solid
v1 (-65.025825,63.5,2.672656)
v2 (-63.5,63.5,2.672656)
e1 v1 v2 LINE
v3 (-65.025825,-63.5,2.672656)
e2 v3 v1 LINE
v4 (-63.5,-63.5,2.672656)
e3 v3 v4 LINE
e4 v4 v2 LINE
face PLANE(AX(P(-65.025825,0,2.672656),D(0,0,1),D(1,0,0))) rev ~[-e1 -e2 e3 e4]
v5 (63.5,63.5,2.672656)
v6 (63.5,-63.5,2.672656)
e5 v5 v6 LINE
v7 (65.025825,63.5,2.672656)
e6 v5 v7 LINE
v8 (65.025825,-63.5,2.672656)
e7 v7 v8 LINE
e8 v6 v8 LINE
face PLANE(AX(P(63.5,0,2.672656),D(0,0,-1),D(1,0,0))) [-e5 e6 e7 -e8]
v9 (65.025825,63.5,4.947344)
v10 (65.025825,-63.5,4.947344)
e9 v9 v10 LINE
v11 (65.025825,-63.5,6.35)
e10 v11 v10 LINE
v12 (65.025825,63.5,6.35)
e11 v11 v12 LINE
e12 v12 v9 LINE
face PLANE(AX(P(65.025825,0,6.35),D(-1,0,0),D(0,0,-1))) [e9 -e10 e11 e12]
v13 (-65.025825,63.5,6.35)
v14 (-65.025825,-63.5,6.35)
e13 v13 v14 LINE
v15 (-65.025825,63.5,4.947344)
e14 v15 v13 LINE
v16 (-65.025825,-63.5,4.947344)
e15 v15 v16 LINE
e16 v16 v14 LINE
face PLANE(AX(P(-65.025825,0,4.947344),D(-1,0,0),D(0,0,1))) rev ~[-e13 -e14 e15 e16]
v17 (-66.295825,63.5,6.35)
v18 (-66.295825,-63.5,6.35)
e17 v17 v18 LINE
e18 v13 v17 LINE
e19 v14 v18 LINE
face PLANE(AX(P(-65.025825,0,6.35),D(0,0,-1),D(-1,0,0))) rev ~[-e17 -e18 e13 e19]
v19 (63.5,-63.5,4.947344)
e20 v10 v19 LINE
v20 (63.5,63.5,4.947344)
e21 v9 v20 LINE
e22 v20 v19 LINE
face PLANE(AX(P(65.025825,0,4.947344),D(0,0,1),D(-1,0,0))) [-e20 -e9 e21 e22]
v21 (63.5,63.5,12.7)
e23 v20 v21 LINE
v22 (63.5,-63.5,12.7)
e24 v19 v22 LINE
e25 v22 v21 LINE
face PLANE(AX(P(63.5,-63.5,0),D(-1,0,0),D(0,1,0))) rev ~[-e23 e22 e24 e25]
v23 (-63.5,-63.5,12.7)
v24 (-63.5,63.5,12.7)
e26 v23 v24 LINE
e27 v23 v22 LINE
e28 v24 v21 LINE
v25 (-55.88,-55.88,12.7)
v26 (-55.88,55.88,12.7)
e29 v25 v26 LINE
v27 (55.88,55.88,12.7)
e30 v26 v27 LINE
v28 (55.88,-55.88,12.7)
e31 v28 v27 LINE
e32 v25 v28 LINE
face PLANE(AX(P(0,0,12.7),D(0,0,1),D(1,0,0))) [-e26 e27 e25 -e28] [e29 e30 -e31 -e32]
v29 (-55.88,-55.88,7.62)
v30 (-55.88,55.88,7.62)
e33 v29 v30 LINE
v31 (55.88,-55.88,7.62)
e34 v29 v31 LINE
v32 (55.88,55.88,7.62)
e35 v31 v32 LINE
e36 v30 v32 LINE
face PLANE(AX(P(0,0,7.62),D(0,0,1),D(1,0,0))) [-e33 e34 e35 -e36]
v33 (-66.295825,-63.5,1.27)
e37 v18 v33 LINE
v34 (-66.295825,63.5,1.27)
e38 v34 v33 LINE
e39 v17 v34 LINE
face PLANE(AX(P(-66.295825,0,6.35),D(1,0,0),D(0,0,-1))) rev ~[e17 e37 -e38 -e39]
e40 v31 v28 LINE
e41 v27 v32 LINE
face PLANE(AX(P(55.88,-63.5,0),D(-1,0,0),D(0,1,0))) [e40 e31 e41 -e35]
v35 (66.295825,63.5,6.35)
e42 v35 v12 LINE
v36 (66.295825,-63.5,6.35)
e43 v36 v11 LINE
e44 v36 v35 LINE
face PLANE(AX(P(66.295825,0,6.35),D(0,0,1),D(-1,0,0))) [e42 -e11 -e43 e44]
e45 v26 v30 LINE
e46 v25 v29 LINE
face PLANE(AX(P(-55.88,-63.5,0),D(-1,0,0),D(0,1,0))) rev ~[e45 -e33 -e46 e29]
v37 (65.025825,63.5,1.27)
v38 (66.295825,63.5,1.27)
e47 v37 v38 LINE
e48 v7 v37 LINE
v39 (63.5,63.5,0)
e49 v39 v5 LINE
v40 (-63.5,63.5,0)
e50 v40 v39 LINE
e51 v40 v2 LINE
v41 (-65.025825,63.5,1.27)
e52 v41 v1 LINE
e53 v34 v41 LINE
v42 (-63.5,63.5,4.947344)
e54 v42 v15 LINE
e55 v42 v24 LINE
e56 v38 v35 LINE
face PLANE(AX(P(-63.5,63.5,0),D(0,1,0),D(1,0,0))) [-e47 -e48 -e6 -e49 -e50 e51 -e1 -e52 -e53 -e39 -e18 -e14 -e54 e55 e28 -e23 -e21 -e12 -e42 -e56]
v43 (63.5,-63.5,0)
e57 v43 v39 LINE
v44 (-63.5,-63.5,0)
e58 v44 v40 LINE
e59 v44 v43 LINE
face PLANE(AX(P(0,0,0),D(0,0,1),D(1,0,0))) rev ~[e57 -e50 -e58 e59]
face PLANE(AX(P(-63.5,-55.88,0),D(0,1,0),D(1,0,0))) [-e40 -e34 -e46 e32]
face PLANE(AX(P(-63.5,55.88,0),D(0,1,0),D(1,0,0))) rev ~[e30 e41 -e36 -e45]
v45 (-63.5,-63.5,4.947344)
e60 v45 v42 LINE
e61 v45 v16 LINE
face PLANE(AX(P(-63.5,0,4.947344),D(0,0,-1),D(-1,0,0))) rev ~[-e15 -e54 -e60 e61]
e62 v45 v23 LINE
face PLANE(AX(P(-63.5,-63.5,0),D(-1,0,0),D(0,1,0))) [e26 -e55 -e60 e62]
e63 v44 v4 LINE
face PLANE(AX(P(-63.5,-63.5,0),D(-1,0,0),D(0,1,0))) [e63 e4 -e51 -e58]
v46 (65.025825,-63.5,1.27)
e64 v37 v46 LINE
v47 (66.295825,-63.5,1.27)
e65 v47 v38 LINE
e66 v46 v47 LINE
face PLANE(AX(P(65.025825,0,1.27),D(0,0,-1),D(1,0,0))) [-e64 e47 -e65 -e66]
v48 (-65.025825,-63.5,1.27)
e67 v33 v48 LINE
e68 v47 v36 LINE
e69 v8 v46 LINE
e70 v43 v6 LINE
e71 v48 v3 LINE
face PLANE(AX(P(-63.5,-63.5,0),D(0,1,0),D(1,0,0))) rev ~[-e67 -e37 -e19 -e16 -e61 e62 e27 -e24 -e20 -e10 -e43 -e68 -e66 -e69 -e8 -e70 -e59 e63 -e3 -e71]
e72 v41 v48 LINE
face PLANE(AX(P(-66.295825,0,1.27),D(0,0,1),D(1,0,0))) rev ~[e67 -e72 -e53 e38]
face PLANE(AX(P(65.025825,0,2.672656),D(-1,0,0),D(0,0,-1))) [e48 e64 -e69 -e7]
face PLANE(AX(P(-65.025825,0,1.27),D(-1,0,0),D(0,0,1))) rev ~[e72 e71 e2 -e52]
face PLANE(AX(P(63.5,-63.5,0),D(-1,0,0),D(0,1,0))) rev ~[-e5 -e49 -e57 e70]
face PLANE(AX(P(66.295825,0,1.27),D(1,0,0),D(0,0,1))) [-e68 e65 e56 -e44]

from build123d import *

# Parameters (mm, degrees)
F0_W     = 127
F0_H     = 127
F1_DEPTH = 12.7
F2_T     = -7.62
F4_DEPTH = 63.5


with BuildPart() as f1:
    # F0 (on Top) → F1 (new body)
    with BuildSketch(Plane.XY):
        Rectangle(F0_W, F0_H)
    extrude(amount=F1_DEPTH)

    # F2
    f2_openings = [f1.faces().sort_by_distance(p)[0] for p in [
        (0, 0, 12.7),
    ]]
    offset(amount=F2_T, openings=f2_openings)

    # F3 (on Front) → F4 (join, symmetric)
    with BuildSketch(Plane.XZ):
        Polygon((-63.5, 4.947344), (-65.025825, 4.947344), (-65.025825, 2.672656), (-63.5, 2.672656), (-63.5, 3.81), align=None)
        Polygon((-65.025825, 2.672656), (-65.025825, 4.947344), (-65.025825, 6.35), (-66.295825, 6.35), (-66.295825, 1.27), (-65.025825, 1.27), align=None)
        Polygon((65.025825, 6.35), (65.025825, 4.947344), (65.025825, 2.672656), (65.025825, 1.27), (66.295825, 1.27), (66.295825, 6.35), align=None)
        Polygon((65.025825, 2.672656), (65.025825, 4.947344), (63.5, 4.947344), (63.5, 3.81), (63.5, 2.672656), align=None)
    extrude(amount=F4_DEPTH, both=True)


solid = f1.part
